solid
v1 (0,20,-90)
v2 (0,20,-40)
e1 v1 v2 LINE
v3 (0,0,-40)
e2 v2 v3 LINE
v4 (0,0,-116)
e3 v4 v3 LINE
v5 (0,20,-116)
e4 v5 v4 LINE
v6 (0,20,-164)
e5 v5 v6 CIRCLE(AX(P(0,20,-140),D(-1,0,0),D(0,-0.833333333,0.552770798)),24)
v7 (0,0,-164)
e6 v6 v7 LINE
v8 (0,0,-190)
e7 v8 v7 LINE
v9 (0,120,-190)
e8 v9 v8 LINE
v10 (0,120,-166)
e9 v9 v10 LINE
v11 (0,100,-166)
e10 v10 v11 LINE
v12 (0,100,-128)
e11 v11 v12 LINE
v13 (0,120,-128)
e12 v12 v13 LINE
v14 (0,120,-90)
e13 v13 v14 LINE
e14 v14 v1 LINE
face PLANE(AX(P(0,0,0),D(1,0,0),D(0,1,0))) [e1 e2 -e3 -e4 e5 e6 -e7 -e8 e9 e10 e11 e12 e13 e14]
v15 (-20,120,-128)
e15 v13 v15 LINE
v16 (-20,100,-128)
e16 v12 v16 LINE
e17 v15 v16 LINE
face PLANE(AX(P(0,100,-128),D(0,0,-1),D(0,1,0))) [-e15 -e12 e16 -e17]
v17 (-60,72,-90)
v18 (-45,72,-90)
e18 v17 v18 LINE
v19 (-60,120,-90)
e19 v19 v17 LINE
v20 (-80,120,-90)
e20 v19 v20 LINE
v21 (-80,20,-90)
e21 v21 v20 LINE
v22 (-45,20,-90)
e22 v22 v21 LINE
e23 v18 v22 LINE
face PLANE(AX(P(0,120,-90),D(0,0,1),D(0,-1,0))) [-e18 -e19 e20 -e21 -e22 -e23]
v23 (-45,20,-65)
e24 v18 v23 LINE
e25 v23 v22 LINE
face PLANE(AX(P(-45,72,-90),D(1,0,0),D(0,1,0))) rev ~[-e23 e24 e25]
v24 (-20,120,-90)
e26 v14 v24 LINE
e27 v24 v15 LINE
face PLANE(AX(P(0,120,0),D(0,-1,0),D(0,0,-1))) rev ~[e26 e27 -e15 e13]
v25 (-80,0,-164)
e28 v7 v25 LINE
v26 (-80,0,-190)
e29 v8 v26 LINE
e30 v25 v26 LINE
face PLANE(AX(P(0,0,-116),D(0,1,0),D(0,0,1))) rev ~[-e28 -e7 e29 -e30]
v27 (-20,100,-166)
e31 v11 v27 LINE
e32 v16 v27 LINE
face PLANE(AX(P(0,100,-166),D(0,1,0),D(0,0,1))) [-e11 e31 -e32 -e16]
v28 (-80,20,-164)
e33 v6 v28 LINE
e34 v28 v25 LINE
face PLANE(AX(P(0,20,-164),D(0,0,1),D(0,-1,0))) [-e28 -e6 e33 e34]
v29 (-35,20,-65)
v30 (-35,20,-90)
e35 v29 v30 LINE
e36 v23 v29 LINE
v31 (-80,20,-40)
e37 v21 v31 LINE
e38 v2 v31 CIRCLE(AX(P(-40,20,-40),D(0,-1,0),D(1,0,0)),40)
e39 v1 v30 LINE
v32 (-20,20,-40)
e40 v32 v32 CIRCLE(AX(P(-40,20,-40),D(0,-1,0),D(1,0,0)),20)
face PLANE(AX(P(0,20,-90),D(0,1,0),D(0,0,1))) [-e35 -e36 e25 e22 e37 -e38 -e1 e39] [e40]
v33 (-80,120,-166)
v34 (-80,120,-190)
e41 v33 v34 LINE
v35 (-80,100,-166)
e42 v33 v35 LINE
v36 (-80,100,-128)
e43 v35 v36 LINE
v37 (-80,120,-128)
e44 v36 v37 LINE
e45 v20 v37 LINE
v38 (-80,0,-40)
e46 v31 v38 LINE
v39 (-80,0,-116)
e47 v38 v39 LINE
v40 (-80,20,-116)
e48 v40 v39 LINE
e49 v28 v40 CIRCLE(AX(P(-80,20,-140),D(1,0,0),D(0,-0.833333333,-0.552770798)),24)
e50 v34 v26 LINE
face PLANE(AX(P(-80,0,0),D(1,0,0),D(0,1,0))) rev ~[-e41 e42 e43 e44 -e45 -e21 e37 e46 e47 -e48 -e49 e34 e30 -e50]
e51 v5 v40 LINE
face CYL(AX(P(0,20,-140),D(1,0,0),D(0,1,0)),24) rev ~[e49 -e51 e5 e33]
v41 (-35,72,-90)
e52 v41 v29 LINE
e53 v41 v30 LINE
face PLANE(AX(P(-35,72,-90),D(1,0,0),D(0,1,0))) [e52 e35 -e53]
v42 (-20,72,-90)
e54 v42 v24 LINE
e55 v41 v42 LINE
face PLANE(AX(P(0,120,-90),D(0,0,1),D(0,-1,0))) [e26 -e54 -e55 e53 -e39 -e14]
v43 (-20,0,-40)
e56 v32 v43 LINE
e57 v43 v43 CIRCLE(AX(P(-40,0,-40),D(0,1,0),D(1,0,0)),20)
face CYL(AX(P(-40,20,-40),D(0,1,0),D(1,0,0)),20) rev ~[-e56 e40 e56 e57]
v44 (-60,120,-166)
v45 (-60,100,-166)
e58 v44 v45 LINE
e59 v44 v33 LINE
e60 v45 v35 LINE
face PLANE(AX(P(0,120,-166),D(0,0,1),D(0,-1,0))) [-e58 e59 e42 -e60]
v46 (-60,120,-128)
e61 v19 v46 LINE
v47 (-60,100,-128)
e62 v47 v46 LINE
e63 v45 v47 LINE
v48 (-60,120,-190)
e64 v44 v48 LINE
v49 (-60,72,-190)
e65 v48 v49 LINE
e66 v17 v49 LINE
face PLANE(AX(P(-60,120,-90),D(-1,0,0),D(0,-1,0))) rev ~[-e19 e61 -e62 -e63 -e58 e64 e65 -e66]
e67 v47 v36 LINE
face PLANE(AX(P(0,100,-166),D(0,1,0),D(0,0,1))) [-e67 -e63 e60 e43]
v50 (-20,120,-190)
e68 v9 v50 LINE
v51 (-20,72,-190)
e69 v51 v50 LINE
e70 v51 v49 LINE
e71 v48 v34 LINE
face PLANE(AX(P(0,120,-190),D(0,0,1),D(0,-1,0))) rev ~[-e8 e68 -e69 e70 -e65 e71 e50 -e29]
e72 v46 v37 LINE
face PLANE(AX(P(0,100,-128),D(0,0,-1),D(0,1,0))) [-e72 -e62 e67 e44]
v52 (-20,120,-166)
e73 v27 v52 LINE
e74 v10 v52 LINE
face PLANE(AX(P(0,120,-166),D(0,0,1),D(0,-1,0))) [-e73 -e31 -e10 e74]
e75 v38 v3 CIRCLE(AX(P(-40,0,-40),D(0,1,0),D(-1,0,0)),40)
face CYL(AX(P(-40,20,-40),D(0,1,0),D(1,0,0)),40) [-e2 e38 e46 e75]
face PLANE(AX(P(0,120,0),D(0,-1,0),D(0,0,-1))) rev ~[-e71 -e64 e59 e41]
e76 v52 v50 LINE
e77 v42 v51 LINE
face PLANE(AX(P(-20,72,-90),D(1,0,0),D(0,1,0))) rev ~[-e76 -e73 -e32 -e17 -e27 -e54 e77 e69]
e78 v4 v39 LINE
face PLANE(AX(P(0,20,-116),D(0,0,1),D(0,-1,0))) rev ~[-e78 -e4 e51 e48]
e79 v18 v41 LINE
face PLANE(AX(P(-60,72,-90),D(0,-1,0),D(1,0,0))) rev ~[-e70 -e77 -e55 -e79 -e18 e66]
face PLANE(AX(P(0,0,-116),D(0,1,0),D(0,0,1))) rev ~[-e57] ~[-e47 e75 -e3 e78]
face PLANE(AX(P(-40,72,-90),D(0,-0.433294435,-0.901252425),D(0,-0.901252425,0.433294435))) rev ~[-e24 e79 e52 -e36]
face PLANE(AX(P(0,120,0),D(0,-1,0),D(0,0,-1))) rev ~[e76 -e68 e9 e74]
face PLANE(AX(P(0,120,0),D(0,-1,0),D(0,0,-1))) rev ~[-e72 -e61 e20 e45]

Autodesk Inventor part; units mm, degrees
ref_plane "XZ Plane" through (0, 0, 0) normal (0, 1, 0) x (-1, 0, 0)
ref_plane "XY Plane" through (0, 0, 0) normal (0, 0, 1) x (1, 0, 0)
sketch "Sketch1" plane through (0, 0, 0) normal (1, 0, 0) x (0, 1, 0)
  point P0 (0, 0)
sketch "Sketch2" plane through (0, 0, 0) normal (1, 0, 0) x (0, 1, 0)
  line L0 (0, 0) -> (120, 0)
  line L1 (120, 0) -> (120, -190)
  line L2 (120, -190) -> (0, -190)
  line L3 (0, -190) -> (0, 0)
  circle A0 centre (20, -140) radius 24
  line L4 (20, -164) -> (0, -164)
  line L5 (20, -116) -> (0, -116)
  line L6 (120, -190) -> (120, -166)
  line L7 (120, -166) -> (100, -166)
  line L8 (100, -166) -> (100, -128)
  line L9 (100, -128) -> (120, -128)
  line L10 (120, -128) -> (120, -90)
  line L11 (120, -90) -> (72, -90)
  line L12 (72, -90) -> (20, -90)
  line L13 (20, -90) -> (20, 0)
  line L14 (20, 0) -> (0, 0)
  line L15 (120, 0) -> (20, 0)
  point P0 (0, -126.7335)
  point P1 (0, -153.2665)
  dimension "d0" = 190
  dimension "d1" = 120
  dimension "d4" = 48
  dimension "d5" = 20
  dimension "d6" = 50
  dimension "d7" = 24
  dimension "d8" = 20
  dimension "d9" = 38
  dimension "d10" = 38
  dimension "d11" = 48
extrude "Extrusion1" add sketch "Sketch2" against normal blind 80 contours L0 L13 L12 L11 L1 L9 L8 L7 L2 L3 L4 A0 L5 | L0 L1 L11 L12 L13 | L5 A0 L3 | A0 L3 | A0 L4 L3 | L1 L7 L8 L9 picked at (15.1537, -135.0371)
extrude "Extrusion2" cut sketch "Sketch2" against normal blind 80 contours L0 L1 L11 L12 L13 | A0 L3 | L1 L7 L8 L9 picked at (15.1537, -135.0371)
extrude "Extrusion3" cut sketch "Sketch2" against normal blind 80 contours L5 A0 L3 | A0 L4 L3
sketch "Sketch3" plane through (-80, 20, -90) normal (0, 1, 0) x (1, 0, 0)
  line L0 (80, -90) -> (0, -90) projected
  line L1 (40, -90) -> (40, 100)
  line L2 (80, 100) -> (0, 100) projected
  circle A0 centre (40, -50) radius 20
  circle A1 centre (40, -50) radius 40
  line L3 (80, -90) -> (0, -90) projected
  line L4 (0, -90) -> (0, 0) projected
  line L5 (0, -90) -> (0, 100)
  line L6 (0, -90) -> (80, -90)
  line L7 (80, 74) -> (80, 100) projected
  line L8 (80, -90) -> (80, 100)
  point P0 (80, -50)
  point P1 (0, -50)
  dimension "d16" = 40
  dimension "d17" = 80
  dimension "d18" = 40
extrude "Extrusion4" cut sketch "Sketch3" against normal blind 80 contours L0 A1 L8 | L0 L4 A1 | A0 L1 | L1 A0
sketch "Sketch4" plane through (-80, 120, -90) normal (0, 0, 1) x (1, 0, 0)
  line L0 (0, 0) -> (0, -120) projected
  line L1 (80, 0) -> (80, -100) projected
  line L2 (0, 0) -> (80, 0)
  line L3 (80, 0) -> (80, -120)
  line L4 (0, -120) -> (80, -120) projected
  line L5 (80, -120) -> (0, -120)
  line L6 (0, -120) -> (0, 0)
  line L7 (80, 0) -> (0, 0) projected
  line L8 (40, 0) -> (40, -120)
  line L9 (0, 0) -> (0, -48)
  line L10 (0, 0) -> (20, 0)
  line L11 (20, 0) -> (20, -48)
  line L12 (20, -48) -> (60, -48)
  line L13 (60, -48) -> (60, 0)
  dimension "d21" = 48
  dimension "d22" = 20
  dimension "d23" = 40
  dimension "d24" = 48
extrude "Extrusion5" cut sketch "Sketch4" against normal blind 100 contours L2 L8 L12 L11 | L2 L13 L12 L8
ref_plane "Work Plane1" through (-40, 72, -90) normal (1, 0, 0) x (0, 1, 0)
sketch "Sketch5" plane through (-40, 72, -90) normal (1, 0, 0) x (0, 1, 0)
  line L0 (0, 0) -> (0, -100) projected
  line L1 (0, 0) -> (0, 25)
  line L2 (0, 25) -> (-52, 25)
  line L3 (0, 0) -> (-52, 25)
  line L4 (-52, 50) -> (-52, 0) projected
  line L5 (0, 0) -> (-52, 0)
  line L6 (-52, 0) -> (-52, 25)
  point P0 (-72, 90)
  dimension "d27" = 25
  dimension "d28" = 52
extrude "Extrusion6" add sketch "Sketch5" along normal mid plane 10 contours L5 L4 L3
properties part number "2"
